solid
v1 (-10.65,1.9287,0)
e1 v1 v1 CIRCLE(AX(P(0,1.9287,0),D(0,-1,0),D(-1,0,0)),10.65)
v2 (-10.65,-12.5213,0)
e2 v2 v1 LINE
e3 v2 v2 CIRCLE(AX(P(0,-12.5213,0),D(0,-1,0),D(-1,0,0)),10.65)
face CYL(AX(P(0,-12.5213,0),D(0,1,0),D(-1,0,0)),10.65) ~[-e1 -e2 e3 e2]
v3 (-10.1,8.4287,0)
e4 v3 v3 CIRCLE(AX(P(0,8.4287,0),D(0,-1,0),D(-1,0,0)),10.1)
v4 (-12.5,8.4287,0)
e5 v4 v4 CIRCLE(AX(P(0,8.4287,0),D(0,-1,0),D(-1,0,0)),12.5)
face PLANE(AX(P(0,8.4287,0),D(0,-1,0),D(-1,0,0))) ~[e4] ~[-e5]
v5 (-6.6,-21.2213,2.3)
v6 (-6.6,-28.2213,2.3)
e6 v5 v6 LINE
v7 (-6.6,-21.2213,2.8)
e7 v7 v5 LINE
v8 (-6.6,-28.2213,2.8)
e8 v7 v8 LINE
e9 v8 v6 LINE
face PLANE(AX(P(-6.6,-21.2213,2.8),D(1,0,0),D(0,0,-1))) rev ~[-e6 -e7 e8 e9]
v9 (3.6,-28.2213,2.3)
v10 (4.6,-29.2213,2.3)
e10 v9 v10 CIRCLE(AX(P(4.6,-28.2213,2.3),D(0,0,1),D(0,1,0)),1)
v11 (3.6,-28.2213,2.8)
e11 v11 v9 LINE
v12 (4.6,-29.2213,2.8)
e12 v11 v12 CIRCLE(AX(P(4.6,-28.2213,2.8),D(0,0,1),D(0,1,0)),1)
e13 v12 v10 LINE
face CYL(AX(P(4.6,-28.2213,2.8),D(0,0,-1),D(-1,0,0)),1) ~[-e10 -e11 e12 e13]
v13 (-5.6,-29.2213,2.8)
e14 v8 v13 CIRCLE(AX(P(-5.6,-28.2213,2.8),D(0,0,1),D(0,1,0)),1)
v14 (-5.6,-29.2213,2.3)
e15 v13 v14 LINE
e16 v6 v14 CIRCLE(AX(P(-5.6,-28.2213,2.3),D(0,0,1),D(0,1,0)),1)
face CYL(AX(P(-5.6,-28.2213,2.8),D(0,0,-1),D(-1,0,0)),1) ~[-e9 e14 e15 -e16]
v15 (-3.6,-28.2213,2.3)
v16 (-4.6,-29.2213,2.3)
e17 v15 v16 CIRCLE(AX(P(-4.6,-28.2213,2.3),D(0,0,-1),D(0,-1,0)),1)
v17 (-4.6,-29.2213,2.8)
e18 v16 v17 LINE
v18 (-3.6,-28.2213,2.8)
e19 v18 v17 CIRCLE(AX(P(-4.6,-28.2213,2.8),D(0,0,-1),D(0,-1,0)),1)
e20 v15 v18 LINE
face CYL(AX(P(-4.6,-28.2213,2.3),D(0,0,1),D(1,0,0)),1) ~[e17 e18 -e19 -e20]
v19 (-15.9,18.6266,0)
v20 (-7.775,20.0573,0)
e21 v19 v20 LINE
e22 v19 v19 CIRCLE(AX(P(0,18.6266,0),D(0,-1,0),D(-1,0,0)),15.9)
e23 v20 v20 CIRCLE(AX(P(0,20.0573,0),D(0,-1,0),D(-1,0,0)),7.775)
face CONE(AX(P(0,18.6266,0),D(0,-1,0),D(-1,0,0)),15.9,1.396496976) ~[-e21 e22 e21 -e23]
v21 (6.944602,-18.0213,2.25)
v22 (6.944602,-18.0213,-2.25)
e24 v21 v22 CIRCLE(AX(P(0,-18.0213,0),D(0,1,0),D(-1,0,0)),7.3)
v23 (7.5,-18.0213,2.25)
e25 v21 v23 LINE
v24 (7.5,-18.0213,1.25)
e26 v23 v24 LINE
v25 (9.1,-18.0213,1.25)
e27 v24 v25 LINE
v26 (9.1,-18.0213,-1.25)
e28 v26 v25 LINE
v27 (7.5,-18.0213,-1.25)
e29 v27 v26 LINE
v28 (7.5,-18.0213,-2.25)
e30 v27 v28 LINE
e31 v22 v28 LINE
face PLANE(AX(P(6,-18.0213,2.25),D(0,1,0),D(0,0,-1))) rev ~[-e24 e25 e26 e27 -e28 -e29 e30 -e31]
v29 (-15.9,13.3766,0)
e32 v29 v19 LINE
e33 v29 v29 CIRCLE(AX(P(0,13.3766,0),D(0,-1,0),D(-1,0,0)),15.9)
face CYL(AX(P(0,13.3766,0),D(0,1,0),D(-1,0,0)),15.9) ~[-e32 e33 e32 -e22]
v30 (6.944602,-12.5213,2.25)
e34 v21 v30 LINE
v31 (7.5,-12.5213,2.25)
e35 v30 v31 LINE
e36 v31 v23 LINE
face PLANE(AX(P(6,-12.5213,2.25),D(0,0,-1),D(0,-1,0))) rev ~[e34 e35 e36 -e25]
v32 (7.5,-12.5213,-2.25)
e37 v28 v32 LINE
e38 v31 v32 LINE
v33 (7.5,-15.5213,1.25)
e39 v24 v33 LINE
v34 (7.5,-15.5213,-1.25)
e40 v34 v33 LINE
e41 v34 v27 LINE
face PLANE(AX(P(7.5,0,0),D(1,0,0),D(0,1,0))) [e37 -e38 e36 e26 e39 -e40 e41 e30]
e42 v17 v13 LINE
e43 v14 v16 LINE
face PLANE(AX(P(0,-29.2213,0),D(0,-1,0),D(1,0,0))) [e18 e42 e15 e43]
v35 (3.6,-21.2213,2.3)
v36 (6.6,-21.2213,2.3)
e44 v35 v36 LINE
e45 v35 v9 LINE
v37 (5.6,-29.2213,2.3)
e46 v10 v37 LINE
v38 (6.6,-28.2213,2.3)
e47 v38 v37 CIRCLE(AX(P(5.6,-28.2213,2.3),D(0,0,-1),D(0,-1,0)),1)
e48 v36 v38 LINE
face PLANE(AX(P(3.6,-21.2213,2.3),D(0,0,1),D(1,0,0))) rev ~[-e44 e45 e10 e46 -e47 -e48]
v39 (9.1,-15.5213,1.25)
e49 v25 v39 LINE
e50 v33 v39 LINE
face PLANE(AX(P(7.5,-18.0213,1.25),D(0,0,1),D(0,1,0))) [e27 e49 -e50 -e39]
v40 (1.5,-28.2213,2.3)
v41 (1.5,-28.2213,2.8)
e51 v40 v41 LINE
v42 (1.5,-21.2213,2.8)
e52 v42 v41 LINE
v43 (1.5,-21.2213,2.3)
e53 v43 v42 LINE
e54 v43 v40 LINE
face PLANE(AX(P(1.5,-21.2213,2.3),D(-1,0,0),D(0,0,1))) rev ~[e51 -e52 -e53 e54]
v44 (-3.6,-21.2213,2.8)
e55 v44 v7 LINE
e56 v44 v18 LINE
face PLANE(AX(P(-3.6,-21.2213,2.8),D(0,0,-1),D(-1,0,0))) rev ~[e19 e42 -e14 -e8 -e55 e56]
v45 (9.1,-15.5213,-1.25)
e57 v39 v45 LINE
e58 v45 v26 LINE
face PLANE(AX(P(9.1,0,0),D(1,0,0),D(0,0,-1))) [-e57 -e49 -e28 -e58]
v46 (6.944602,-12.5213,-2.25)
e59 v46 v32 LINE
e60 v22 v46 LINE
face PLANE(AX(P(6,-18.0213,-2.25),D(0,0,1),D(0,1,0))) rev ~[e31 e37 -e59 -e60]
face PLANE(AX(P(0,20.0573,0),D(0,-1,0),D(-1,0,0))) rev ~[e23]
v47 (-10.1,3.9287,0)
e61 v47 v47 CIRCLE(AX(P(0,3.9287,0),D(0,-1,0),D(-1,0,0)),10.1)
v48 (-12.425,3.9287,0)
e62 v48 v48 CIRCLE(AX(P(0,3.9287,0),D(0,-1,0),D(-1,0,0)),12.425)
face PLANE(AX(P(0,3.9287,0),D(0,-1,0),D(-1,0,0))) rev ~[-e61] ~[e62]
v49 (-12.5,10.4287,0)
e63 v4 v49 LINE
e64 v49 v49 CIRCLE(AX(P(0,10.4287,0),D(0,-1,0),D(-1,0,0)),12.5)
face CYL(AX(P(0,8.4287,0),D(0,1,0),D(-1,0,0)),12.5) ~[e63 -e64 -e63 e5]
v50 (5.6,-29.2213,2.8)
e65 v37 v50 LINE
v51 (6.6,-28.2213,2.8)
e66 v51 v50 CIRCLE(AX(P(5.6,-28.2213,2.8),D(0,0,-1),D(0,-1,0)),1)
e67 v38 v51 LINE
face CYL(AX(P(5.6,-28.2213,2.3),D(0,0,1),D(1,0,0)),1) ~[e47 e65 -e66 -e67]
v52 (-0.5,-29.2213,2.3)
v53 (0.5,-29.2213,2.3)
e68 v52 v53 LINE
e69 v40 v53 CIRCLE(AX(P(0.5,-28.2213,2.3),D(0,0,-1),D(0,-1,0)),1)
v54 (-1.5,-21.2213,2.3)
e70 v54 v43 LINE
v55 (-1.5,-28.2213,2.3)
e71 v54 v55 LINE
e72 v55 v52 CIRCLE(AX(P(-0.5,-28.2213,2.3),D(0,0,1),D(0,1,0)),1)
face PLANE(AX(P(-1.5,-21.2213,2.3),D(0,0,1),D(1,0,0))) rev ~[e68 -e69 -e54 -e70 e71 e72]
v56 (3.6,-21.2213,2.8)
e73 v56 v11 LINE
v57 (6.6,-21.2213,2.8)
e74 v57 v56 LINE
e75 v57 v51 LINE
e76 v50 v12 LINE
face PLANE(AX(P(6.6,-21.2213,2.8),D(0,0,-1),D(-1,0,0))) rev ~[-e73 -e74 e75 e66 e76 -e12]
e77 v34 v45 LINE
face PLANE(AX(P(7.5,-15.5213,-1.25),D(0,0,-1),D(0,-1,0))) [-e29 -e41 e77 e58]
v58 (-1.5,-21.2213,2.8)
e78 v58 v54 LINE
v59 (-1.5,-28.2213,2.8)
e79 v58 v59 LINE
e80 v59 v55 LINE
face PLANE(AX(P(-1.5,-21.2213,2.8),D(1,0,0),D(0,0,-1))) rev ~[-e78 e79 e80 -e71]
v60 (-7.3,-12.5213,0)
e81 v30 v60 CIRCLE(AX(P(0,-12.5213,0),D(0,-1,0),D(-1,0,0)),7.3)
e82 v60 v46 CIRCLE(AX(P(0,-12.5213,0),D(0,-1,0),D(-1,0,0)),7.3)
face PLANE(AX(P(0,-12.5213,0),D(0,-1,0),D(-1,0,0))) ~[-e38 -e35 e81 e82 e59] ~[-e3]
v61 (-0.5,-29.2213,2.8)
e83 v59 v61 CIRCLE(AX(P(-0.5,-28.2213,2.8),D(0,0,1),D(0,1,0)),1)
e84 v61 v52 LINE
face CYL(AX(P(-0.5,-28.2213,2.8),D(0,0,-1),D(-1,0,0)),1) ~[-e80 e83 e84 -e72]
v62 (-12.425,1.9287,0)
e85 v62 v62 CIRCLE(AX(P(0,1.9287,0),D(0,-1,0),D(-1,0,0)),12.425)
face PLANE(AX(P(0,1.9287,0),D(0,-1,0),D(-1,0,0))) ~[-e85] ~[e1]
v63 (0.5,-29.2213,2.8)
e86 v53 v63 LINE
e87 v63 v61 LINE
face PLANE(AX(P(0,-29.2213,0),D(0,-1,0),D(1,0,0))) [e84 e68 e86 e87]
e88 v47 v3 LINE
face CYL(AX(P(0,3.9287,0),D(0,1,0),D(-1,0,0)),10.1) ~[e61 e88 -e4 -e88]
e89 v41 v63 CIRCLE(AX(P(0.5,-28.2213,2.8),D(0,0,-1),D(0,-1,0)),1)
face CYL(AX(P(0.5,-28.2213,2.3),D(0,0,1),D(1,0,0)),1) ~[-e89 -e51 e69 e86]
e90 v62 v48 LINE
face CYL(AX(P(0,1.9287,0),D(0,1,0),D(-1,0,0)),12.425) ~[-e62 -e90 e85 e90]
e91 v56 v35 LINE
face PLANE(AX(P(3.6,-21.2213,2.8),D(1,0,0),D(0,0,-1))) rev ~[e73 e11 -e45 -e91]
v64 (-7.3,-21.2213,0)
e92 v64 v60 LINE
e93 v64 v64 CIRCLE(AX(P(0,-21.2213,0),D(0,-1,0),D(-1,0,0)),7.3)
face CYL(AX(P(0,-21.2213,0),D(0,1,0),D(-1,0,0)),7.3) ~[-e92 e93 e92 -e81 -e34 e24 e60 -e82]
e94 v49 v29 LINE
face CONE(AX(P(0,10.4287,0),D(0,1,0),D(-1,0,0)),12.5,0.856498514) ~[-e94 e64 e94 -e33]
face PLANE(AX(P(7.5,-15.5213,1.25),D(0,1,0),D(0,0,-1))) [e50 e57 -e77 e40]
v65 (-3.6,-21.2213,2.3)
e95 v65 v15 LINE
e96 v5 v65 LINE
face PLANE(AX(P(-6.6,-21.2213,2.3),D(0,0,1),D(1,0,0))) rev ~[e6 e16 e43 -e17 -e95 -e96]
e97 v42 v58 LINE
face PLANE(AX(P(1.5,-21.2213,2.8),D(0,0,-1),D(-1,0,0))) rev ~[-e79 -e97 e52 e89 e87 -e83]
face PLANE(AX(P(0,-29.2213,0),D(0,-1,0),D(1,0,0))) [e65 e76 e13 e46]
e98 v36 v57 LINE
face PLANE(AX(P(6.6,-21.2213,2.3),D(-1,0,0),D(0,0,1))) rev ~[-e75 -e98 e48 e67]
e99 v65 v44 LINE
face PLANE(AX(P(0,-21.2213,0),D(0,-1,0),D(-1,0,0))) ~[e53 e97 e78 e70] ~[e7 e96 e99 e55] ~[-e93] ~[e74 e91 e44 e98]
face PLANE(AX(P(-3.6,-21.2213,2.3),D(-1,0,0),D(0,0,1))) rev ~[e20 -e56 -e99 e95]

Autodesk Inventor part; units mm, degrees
ref_plane "XZ Plane" through (0, 0, 0) normal (0, 1, 0) x (-1, 0, 0)
ref_plane "XY Plane" through (0, 0, 0) normal (0, 0, 1) x (1, 0, 0)
sketch "Sketch1" plane through (0, 0, 0) normal (0, 0, 1) x (1, 0, 0)
  line L0 (0, 20.0573) -> (0, -21.2213)
  line L1 (0, -21.2213) -> (-7.3, -21.2213)
  line L2 (-7.3, -21.2213) -> (-7.3, -12.5213)
  line L3 (-7.3, -12.5213) -> (-10.65, -12.5213)
  line L4 (-10.65, 1.9287) -> (-12.425, 1.9287)
  line L5 (-12.425, 1.9287) -> (-12.425, 3.9287)
  line L6 (-12.425, 3.9287) -> (-10.1, 3.9287)
  line L7 (-10.1, 3.9287) -> (-10.1, 8.4287)
  line L8 (-10.1, 8.4287) -> (-12.5, 8.4287)
  line L9 (-12.5, 8.4287) -> (-12.5, 10.4287)
  line L10 (-12.5, 10.4287) -> (-15.9, 13.3766)
  line L11 (-15.9, 13.3766) -> (-15.9, 18.6266)
  line L12 (0, 23.9493) -> (0, -31.6262)
  line L13 (-10.65, -12.5213) -> (-10.65, 1.9287)
  line L14 (-15.9, 18.6266) -> (-7.775, 20.0573)
  line L15 (-7.775, 20.0573) -> (0, 20.0573)
  point P0 (0, 0)
  point P1 (-10.1, 6.1787)
  point P2 (-10.65, -5.2963)
  dimension "d2" = 31.8
  dimension "d3" = 25
  dimension "d5" = 20.2
  dimension "d6" = 24.85
  dimension "d9" = 14.6
  dimension "d10" = 8.7
  dimension "d13" = 2
  dimension "d14" = 4.5
  dimension "d15" = 4.5
  dimension "d16" = 2
  dimension "d17" = 5.25
  dimension "d19" = 21.3
  dimension "d20" = 14.45
  dimension "d21" = 15.55
  dimension "d22" = 8.25
revolve "Revolution1" add sketch "Sketch1" angle 360 about axis through (0, 23.9493, 0) along (0, -1, 0)
sketch "Sketch2" plane through (0, -21.2213, 0) normal (0, -1, 0) x (1, 0, 0)
  line L0 (6.6, 2.8) -> (3.6, 2.8)
  line L1 (3.6, 2.8) -> (3.6, 2.3)
  line L2 (3.6, 2.3) -> (6.6, 2.3)
  line L3 (6.6, 2.3) -> (6.6, 2.8)
  line L4 (1.5, 2.8) -> (-1.5, 2.8)
  line L5 (-1.5, 2.8) -> (-1.5, 2.3)
  line L6 (-1.5, 2.3) -> (1.5, 2.3)
  line L7 (1.5, 2.3) -> (1.5, 2.8)
  line L8 (-3.6, 2.8) -> (-6.6, 2.8)
  line L9 (-6.6, 2.8) -> (-6.6, 2.3)
  line L10 (-6.6, 2.3) -> (-3.6, 2.3)
  line L11 (-3.6, 2.3) -> (-3.6, 2.8)
  circle A0 centre (0, 0) radius 7.3 projected
  point P0 (0, 0)
  dimension "d23" = 0.5
  dimension "d24" = 3
  dimension "d25" = 2.1
  dimension "d26" = 2.1
  dimension "d29" = 14.6
  dimension "d31" = 2.8
  dimension "d32" = 1.5
extrude "Extrusion1" add sketch "Sketch2" along normal blind 8 contours L3 L2 L1 L0 | L7 L6 L5 L4 | L11 L10 L9 L8
fillet "Fillet1" radius 1 6 edges at (6.6, -29.2213, 2.55) (3.6, -29.2213, 2.55) (-6.6, -29.2213, 2.55) (-3.6, -29.2213, 2.55) (-1.5, -29.2213, 2.55) (1.5, -29.2213, 2.55)
ref_plane "Work Plane1" through (6, 0, 0) normal (1, 0, 0) x (0, 1, 0)
sketch "Sketch3" plane through (6, 0, 0) normal (1, 0, 0) x (0, 1, 0)
  line L0 (-12.5213, 7.3) -> (-12.5213, -7.3) projected
  line L1 (-12.5213, 2.25) -> (-18.0213, 2.25)
  line L2 (-18.0213, 2.25) -> (-18.0213, -2.25)
  line L3 (-18.0213, -2.25) -> (-12.5213, -2.25)
  line L4 (-12.5213, -2.25) -> (-12.5213, 2.25)
  line L5 (-39.077, 0) -> (29.913, 0) projected
  point P0 (0, 0)
  dimension "d37" = 4.5
  dimension "d38" = 5.5
  dimension "d39" = 2.25
extrude "Extrusion2" add sketch "Sketch3" along normal blind 1.5
sketch "Sketch4" plane through (7.5, 0, 0) normal (1, 0, 0) x (0, 0, -1)
  line L0 (-2.25, -18.0213) -> (2.25, -18.0213) projected
  line L1 (-1.25, -15.5213) -> (1.25, -15.5213)
  line L2 (1.25, -15.5213) -> (1.25, -18.0213)
  line L3 (1.25, -18.0213) -> (-1.25, -18.0213)
  line L4 (-1.25, -18.0213) -> (-1.25, -15.5213)
  line L5 (0, -39.077) -> (0, 29.913) projected
  point P0 (0, 0)
  dimension "d42" = 2.5
  dimension "d43" = 2.5
  dimension "d44" = 1.25
extrude "Extrusion3" add sketch "Sketch4" along normal blind 1.6
equation "\"d32\" = 0.5 * d24"
equation "\"d39\" = 0.5 * d37"
equation "\"d44\" = 0.5 * d43"
properties part number "Co-1-01-eStopButton"
